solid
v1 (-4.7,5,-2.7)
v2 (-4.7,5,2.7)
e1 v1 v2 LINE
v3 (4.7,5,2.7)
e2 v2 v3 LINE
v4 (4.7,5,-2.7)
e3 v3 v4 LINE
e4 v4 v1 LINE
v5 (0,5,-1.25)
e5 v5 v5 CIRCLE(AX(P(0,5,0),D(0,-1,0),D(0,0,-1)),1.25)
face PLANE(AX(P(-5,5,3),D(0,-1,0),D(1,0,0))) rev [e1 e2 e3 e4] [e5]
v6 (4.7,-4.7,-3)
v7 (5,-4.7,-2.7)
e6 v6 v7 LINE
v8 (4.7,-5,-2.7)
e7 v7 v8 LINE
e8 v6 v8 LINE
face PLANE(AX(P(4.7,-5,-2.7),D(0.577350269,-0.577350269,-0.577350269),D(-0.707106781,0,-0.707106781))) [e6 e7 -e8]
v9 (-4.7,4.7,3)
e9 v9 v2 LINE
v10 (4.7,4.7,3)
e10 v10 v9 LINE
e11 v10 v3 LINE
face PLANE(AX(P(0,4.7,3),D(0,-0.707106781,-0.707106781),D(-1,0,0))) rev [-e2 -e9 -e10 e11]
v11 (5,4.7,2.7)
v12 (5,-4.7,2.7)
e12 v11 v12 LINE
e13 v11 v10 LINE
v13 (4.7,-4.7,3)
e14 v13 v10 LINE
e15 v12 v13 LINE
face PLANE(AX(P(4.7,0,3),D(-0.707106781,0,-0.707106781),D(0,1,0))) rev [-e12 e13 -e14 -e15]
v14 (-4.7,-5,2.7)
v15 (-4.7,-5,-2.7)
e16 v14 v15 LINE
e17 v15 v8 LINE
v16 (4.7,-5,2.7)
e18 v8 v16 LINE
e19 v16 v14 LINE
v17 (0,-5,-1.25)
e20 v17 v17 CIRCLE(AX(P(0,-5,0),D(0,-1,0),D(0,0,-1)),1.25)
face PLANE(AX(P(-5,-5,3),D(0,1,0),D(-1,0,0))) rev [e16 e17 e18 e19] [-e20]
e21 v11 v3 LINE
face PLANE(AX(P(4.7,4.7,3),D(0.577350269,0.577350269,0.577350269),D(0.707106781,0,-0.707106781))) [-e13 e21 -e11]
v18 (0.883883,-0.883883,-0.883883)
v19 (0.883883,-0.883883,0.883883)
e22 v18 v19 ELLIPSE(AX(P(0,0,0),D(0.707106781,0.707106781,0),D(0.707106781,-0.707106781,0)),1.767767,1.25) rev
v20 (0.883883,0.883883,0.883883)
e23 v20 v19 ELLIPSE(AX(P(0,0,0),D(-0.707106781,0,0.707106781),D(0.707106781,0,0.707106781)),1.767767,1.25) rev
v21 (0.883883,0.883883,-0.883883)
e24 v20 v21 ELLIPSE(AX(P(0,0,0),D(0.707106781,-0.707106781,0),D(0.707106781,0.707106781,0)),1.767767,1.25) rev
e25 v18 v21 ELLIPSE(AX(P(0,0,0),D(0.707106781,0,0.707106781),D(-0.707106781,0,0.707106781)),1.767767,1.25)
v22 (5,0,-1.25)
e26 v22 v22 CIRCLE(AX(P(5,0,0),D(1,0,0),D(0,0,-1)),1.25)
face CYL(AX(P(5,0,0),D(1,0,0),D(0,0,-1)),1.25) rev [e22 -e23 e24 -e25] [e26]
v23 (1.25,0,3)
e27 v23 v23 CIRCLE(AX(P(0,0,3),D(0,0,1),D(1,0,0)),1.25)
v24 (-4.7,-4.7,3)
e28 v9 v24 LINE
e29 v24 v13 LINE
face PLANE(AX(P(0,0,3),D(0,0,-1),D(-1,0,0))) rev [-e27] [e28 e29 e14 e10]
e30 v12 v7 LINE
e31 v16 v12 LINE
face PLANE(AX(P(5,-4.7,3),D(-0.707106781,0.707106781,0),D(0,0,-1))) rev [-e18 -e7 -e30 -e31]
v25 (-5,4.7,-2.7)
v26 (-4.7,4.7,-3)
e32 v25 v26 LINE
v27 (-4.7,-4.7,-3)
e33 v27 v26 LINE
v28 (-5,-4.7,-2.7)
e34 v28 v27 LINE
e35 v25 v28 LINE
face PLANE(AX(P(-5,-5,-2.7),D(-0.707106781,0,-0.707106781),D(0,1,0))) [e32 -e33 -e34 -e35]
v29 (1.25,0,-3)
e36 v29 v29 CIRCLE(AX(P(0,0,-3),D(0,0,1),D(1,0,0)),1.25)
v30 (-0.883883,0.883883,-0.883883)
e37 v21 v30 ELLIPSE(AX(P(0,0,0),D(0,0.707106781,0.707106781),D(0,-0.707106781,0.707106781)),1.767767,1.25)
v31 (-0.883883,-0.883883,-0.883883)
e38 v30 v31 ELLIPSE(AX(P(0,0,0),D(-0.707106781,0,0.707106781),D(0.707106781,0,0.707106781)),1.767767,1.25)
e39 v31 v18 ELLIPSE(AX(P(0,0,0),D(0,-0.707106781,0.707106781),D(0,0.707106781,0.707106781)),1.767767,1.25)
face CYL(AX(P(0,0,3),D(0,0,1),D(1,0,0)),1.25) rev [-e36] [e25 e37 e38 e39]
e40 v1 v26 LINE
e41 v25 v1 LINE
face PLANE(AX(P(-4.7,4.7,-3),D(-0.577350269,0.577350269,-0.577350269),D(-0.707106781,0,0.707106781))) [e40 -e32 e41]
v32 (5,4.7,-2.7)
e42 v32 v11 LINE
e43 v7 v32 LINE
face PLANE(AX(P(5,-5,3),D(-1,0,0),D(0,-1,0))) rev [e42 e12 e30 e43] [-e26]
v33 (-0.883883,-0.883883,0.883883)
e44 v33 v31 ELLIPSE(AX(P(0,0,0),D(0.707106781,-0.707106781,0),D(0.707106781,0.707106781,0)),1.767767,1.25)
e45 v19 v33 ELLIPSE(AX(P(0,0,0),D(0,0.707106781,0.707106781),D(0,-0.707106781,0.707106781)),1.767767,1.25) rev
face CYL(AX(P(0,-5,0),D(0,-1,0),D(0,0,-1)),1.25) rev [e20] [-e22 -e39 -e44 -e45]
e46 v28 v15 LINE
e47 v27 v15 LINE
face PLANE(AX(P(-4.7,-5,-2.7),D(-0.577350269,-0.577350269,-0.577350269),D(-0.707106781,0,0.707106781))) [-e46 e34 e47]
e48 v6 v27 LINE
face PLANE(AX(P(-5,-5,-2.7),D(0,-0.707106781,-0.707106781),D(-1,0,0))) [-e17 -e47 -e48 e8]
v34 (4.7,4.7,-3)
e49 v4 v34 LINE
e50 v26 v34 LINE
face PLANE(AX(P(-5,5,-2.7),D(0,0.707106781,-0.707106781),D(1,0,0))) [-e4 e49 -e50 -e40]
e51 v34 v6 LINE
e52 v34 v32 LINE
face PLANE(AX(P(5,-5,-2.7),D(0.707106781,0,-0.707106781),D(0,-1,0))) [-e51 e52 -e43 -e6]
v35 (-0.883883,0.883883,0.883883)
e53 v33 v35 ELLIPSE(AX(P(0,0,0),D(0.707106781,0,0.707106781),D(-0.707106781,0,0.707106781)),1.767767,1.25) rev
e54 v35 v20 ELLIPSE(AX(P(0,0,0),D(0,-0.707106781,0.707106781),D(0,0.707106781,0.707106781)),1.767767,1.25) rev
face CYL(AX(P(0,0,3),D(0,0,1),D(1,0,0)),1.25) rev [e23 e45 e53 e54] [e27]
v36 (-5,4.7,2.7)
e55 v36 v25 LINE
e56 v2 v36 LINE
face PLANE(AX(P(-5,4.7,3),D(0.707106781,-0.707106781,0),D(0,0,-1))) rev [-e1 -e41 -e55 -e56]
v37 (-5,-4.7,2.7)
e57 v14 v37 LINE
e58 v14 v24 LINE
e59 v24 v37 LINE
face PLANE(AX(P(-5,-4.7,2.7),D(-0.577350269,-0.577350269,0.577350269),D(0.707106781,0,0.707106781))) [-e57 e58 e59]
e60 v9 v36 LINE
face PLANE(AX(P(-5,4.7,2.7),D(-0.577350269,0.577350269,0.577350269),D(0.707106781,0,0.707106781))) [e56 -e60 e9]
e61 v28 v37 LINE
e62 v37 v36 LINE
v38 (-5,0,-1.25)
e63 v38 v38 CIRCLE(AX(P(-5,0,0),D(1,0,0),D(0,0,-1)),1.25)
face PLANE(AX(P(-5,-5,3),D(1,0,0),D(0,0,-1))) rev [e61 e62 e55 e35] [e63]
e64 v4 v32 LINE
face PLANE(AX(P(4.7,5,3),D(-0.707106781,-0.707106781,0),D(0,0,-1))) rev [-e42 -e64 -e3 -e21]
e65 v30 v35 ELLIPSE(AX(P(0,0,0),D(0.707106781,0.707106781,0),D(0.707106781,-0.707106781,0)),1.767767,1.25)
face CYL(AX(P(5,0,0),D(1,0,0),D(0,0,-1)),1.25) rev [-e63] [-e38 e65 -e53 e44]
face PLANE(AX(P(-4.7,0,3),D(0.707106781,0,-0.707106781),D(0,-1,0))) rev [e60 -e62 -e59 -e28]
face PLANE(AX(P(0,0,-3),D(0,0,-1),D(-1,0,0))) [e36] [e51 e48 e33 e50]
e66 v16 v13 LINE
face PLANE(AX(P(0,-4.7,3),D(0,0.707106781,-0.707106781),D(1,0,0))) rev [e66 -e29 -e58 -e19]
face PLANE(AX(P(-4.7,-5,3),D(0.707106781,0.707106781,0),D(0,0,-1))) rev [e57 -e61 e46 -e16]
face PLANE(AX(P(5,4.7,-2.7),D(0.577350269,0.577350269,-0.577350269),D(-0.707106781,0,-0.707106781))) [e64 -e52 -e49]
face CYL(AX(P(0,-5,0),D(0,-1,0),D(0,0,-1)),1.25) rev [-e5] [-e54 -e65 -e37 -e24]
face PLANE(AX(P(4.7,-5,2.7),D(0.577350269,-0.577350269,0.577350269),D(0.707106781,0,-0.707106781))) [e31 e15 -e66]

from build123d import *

# Parameters (mm, degrees)
SKETCH_1_W      = 10
SKETCH_1_H      = 10
EXTRUDE_1_DEPTH = 3
HOLE_WIZARD_1_D = 2.5
HOLE_WIZARD_2_D = 2.5
HOLE_WIZARD_3_D = 2.5
CHAMFER_1_SIZE  = 0.3


with BuildPart() as part:
    # 草图1 → 凸台-拉伸1 (new, symmetric)
    with BuildSketch(Plane.XY):
        Rectangle(SKETCH_1_W, SKETCH_1_H)
    extrude(amount=EXTRUDE_1_DEPTH, both=True)

    # 螺纹孔1 (through all)
    with Locations(Plane.XY.offset(3)):
        with Locations((0, 0)):
            Hole(HOLE_WIZARD_1_D / 2)

    # Hole Wizard 2 (through all)
    with Locations(Plane(origin=(5, 0, 0), x_dir=(0, 0, -1), z_dir=(1, 0, 0))):
        with Locations((0, 0)):
            Hole(HOLE_WIZARD_2_D / 2)

    # 螺纹孔3 (through all)
    with Locations(Plane(origin=(0, -5, 0), x_dir=(-1, 0, 0), z_dir=(0, -1, 0))):
        with Locations((0, 0)):
            Hole(HOLE_WIZARD_3_D / 2)

    # 倒角1
    chamfer_1_edges = [part.edges().sort_by_distance(p)[0] for p in [
        (-5, 0, 3),
        (0, -5, 3),
        (5, 0, 3),
        (0, -5, -3),
        (-5, 0, -3),
        (0, 5, -3),
        (5, 0, -3),
        (5, -5, 0),
        (-5, -5, 0),
        (-5, 5, 0),
        (5, 5, 0),
        (0, 5, 3),
    ]]
    chamfer(chamfer_1_edges, length=CHAMFER_1_SIZE)


solid = part.part
